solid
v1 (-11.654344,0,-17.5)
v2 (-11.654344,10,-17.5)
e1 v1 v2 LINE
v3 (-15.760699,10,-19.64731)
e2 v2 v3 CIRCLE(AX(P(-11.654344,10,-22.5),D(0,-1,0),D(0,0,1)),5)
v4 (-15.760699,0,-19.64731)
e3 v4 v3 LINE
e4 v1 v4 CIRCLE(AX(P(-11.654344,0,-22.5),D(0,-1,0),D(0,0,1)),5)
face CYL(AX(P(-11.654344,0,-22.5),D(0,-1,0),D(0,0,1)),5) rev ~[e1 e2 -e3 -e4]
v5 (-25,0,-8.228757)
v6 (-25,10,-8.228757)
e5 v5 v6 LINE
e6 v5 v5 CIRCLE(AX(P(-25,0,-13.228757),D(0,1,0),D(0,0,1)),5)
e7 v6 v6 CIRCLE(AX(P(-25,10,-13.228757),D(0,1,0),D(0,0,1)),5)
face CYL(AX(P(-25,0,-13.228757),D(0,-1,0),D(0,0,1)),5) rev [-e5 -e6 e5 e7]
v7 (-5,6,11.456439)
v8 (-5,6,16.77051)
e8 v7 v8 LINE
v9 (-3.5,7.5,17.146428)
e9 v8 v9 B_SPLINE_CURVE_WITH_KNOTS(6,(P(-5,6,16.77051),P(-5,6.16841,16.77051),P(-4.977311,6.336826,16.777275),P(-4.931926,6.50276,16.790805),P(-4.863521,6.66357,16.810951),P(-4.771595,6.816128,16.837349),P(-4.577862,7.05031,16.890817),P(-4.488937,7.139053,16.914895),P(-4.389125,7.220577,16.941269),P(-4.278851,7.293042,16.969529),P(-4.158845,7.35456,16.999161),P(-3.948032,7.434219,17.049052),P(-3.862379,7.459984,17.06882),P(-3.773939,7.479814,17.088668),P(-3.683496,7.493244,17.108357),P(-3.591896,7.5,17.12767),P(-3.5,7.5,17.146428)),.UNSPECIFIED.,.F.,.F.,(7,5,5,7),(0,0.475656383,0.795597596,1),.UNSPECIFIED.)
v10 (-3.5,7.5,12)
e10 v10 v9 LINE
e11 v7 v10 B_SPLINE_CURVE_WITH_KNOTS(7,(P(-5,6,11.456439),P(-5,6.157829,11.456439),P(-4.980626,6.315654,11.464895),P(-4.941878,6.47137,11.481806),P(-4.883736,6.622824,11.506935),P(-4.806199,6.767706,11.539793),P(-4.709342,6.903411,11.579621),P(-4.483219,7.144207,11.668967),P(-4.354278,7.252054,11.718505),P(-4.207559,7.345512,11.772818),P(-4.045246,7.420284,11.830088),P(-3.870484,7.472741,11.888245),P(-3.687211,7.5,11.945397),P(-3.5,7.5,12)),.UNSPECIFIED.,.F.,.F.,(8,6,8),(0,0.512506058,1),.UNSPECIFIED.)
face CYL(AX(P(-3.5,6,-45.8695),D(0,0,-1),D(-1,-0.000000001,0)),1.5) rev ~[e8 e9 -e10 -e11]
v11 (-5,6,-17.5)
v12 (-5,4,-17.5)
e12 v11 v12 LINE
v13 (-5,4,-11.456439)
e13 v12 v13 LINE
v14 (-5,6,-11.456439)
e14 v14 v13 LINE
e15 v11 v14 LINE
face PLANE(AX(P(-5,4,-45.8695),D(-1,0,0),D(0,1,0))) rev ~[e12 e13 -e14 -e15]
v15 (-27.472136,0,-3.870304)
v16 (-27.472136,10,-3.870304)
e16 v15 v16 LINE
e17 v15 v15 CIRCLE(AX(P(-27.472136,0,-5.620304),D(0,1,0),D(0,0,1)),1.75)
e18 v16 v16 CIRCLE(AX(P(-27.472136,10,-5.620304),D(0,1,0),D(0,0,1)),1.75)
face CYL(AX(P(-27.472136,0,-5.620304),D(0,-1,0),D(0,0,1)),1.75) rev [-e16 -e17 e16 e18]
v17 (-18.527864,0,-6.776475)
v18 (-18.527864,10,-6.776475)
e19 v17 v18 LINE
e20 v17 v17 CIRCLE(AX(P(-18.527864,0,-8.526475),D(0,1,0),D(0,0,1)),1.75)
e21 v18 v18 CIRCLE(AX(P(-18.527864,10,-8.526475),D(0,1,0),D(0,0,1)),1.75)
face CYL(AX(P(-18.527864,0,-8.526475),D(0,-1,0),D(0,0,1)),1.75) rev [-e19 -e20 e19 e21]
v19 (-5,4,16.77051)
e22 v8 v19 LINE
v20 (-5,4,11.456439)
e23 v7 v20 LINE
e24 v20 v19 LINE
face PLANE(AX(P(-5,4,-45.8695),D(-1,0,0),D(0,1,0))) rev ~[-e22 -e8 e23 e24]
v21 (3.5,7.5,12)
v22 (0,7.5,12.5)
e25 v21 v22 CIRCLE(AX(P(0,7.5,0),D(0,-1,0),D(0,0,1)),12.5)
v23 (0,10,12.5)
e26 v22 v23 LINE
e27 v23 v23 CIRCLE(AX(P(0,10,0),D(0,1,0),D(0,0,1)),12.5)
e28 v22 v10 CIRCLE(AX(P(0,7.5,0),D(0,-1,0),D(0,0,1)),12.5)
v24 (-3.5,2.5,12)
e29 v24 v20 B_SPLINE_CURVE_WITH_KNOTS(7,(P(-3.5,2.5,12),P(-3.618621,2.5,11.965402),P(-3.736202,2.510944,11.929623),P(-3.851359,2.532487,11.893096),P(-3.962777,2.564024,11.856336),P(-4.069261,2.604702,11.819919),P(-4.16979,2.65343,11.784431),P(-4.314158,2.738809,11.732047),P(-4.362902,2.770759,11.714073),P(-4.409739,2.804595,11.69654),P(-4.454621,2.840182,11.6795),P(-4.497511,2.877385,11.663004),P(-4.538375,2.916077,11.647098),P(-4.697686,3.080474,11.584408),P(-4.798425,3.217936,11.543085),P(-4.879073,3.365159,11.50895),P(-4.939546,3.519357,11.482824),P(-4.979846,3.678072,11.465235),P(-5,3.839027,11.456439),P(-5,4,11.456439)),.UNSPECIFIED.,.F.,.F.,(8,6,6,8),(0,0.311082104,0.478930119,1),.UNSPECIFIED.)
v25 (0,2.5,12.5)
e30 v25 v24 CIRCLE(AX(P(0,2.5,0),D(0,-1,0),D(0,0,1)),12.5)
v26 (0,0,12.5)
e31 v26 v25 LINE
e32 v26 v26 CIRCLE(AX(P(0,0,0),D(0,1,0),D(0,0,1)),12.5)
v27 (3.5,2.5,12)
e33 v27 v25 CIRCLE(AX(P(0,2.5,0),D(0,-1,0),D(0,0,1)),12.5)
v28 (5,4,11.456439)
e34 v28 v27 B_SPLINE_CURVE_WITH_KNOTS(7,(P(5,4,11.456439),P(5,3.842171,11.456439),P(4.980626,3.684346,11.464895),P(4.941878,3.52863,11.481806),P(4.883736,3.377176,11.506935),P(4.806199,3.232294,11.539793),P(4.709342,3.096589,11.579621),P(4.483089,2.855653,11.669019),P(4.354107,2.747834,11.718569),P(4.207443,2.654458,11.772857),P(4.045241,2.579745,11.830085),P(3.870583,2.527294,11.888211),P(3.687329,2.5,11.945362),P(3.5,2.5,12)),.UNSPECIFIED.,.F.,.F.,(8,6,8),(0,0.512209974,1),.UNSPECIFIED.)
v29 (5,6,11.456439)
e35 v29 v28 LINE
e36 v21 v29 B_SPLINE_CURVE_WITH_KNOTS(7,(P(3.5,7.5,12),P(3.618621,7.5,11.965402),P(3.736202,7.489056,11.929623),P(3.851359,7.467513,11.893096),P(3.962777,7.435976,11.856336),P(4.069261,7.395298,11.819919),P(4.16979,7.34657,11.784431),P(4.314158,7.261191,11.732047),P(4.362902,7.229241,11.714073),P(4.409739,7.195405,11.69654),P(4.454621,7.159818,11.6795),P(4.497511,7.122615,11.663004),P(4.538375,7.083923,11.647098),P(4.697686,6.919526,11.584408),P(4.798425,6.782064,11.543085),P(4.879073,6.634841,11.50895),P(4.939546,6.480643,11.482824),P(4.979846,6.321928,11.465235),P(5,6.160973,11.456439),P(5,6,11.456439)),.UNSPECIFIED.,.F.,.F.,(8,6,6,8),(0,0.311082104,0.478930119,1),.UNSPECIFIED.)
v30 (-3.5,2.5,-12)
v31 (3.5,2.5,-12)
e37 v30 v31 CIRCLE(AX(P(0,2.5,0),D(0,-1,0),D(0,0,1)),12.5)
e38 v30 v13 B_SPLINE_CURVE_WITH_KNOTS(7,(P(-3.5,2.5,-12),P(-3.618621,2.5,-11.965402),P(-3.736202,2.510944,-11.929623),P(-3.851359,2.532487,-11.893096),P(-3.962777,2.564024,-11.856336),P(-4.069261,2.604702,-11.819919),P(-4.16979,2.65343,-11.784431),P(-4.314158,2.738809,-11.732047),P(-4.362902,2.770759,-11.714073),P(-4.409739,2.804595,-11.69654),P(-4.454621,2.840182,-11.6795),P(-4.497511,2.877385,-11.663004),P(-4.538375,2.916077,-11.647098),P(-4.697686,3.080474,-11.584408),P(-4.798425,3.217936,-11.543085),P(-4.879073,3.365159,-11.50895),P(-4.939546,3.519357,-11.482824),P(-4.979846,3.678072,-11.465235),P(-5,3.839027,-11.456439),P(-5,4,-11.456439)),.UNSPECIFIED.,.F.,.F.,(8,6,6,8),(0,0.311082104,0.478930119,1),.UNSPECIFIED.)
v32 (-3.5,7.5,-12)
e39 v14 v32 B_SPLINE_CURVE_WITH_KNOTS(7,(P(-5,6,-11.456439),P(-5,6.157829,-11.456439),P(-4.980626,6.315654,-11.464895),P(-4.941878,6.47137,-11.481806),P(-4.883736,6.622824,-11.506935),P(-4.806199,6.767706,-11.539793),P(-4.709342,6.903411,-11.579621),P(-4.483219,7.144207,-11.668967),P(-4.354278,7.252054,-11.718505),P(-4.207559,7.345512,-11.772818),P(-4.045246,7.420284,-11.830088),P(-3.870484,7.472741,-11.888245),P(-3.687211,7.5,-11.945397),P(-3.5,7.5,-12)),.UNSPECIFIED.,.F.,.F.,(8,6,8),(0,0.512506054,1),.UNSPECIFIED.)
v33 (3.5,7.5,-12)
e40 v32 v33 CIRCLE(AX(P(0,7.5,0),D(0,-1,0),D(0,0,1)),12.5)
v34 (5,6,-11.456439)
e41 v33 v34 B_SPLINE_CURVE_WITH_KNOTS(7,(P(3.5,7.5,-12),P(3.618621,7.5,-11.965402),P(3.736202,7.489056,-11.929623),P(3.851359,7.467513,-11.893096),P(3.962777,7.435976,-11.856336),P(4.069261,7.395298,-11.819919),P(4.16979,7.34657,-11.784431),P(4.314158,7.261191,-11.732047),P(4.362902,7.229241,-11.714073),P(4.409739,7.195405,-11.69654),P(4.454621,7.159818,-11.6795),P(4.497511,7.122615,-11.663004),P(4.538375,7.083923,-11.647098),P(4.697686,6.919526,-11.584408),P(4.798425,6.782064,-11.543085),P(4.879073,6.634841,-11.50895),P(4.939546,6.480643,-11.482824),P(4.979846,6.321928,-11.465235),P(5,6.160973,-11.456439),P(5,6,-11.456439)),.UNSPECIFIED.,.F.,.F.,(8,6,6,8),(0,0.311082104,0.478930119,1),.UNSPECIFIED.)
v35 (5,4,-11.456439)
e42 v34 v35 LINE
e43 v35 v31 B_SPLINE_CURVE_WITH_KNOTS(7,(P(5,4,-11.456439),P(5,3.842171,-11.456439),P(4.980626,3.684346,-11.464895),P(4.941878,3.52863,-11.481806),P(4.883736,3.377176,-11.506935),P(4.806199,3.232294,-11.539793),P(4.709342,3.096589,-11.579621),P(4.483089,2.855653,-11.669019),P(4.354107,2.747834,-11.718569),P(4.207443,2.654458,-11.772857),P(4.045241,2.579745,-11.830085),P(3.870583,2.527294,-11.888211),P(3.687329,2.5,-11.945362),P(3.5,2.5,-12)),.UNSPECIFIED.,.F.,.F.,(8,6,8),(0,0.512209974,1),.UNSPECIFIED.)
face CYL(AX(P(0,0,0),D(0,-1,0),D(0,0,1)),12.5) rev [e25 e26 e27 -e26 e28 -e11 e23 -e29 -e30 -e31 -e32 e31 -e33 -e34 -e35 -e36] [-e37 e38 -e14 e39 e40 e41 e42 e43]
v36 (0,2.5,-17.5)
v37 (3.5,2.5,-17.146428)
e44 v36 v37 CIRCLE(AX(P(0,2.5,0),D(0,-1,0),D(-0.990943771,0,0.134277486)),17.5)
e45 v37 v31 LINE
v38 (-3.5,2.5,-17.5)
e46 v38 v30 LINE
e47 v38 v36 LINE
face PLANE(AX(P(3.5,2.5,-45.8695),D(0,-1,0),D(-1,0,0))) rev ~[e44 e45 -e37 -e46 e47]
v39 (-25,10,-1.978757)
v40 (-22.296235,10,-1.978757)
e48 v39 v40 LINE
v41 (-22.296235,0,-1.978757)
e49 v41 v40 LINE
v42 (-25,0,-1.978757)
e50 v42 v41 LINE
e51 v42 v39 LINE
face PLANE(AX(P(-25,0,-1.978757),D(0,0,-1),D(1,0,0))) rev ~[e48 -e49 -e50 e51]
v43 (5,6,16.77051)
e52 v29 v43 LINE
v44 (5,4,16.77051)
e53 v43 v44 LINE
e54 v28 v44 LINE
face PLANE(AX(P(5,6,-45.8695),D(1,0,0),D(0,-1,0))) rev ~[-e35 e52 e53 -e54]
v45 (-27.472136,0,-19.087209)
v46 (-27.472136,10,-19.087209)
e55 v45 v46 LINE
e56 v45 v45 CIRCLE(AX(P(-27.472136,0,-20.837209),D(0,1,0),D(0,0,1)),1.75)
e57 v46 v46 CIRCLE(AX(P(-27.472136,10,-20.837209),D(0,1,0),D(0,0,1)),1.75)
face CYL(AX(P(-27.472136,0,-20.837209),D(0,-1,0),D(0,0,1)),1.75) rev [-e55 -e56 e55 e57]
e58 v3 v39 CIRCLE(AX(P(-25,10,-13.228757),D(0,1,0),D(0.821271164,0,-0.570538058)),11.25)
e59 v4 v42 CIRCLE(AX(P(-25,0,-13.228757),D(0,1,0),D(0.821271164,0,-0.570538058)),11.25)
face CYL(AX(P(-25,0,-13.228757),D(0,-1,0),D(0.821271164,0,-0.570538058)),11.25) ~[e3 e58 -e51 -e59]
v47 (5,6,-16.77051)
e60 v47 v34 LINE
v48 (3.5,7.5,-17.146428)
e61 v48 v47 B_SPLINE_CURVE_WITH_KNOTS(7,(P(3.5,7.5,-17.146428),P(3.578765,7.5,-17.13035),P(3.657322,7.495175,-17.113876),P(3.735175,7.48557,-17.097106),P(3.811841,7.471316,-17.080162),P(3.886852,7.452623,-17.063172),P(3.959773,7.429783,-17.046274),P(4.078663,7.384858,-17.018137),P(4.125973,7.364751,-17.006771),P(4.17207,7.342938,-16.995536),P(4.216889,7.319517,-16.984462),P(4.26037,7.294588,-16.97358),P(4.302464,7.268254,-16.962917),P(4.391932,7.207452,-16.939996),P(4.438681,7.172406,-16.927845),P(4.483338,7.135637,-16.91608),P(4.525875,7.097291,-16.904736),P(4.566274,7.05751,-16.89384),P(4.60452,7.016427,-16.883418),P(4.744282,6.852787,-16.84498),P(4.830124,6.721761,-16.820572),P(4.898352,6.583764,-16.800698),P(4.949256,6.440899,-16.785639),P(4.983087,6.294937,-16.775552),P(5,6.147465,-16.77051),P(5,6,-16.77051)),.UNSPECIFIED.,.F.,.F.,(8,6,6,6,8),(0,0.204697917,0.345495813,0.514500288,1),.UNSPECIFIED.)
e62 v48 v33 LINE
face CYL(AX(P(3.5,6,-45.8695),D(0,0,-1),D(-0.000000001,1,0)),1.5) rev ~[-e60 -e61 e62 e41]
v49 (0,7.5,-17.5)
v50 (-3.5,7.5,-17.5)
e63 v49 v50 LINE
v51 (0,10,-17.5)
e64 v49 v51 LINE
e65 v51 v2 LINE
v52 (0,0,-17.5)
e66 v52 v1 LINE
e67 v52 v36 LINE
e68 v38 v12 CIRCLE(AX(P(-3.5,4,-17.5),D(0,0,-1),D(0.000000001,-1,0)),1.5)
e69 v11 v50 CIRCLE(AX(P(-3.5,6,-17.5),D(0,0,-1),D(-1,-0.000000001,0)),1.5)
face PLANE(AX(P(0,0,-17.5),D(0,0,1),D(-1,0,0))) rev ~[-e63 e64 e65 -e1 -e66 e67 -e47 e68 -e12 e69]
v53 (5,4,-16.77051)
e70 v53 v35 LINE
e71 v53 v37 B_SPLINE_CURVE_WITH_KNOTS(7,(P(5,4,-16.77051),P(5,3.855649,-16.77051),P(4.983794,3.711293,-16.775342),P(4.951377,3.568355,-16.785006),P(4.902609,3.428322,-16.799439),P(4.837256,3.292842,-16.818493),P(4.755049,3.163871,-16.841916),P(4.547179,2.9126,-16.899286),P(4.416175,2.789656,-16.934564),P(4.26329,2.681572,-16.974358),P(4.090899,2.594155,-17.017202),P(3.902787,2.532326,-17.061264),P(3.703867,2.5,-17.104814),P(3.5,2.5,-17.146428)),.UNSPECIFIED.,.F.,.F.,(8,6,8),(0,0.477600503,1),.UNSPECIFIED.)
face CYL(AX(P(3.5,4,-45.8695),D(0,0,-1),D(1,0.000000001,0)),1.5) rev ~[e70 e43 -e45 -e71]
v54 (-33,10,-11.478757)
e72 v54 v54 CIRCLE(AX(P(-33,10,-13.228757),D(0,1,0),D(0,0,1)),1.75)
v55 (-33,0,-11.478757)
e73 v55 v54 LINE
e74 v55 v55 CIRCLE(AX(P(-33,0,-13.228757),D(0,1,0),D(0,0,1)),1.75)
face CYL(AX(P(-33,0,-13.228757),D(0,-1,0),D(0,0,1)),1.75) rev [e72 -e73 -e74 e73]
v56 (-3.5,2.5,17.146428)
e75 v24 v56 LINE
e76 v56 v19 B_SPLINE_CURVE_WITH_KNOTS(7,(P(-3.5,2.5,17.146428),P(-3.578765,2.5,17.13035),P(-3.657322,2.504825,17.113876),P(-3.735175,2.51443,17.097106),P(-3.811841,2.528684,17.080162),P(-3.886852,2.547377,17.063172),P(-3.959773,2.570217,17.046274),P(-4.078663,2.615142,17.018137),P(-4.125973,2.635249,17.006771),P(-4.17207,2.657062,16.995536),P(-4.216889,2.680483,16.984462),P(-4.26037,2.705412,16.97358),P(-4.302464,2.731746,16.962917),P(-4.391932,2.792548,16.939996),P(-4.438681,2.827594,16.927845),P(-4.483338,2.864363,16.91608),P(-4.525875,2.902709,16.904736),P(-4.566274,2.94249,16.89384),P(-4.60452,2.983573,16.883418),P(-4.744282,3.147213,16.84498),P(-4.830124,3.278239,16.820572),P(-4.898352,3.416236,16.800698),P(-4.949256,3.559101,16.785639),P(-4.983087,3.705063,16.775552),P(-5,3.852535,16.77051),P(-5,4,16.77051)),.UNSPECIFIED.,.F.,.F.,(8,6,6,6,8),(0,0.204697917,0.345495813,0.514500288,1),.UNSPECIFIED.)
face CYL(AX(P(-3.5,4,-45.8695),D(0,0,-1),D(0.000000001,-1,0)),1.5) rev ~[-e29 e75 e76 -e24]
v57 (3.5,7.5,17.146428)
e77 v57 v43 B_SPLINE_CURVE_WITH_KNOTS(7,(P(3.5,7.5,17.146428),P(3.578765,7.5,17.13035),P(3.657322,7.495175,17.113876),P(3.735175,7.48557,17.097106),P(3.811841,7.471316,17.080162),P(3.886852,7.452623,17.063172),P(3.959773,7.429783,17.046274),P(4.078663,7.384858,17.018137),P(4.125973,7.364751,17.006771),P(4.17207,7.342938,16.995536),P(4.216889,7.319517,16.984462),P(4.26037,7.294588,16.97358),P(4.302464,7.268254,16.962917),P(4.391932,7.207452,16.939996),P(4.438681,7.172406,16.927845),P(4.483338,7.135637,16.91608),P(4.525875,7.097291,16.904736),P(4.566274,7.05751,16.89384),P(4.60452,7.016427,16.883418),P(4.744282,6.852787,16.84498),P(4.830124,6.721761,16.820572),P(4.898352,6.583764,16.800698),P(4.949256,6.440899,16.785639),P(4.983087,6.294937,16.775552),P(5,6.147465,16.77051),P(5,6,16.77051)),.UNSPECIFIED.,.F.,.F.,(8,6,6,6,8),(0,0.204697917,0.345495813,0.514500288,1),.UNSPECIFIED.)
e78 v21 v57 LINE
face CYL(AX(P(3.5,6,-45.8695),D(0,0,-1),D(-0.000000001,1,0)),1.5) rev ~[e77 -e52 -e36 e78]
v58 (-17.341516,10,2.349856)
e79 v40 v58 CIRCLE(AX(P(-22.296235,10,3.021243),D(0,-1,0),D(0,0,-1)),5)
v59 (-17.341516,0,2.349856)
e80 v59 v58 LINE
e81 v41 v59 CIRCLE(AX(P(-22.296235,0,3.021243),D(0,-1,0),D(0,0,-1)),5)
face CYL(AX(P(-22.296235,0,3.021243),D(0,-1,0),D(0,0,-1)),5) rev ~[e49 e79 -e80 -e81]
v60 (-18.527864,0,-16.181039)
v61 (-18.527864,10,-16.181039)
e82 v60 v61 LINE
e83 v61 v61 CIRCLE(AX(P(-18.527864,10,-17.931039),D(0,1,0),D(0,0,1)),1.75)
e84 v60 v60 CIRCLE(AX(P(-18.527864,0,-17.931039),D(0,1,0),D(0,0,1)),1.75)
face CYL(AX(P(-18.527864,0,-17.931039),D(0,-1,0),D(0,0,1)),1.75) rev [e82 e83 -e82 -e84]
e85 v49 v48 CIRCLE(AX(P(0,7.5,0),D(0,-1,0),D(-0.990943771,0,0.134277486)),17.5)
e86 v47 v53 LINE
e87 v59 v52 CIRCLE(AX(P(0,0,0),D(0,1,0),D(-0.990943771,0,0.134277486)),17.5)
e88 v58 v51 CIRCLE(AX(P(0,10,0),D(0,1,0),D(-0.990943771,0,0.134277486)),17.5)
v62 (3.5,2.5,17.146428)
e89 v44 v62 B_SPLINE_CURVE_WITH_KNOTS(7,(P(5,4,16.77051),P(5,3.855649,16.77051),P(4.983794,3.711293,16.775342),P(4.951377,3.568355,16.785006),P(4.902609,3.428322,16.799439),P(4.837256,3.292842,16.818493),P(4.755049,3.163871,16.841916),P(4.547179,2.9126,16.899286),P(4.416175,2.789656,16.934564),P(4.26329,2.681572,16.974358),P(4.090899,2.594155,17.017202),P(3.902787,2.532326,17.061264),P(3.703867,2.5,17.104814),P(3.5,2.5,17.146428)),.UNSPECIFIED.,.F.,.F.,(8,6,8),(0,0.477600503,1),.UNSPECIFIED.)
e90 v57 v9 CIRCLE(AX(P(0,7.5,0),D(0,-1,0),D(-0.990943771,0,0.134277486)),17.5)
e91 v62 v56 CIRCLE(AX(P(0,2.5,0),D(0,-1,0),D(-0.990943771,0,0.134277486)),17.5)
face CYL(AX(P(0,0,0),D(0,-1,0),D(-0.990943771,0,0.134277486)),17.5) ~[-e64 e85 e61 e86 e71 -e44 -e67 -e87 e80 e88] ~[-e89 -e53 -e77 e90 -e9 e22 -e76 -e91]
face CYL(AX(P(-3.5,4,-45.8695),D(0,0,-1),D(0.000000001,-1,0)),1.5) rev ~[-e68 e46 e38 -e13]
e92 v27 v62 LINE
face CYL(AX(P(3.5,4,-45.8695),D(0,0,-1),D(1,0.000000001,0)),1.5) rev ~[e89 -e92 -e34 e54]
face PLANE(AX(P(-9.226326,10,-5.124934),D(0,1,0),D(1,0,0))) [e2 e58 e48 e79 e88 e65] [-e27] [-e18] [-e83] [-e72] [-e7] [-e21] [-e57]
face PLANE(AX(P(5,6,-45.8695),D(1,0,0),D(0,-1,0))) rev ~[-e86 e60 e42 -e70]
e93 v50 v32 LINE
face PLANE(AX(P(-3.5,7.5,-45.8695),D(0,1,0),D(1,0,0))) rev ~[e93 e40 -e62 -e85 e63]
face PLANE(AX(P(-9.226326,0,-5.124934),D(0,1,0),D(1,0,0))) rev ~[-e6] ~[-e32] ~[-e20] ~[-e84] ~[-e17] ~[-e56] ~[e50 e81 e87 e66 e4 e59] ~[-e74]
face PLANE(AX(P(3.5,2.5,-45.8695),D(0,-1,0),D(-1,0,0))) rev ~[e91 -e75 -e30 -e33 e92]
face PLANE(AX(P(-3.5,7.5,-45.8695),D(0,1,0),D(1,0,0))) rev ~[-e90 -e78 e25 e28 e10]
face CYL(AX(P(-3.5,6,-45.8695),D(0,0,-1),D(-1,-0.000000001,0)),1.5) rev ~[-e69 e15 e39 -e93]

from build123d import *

# Parameters (mm, degrees)
SKETCH1_R               = 12.5
SKETCH1_R_2             = 5
SKETCH1_R_3             = 1.75
BOSS_EXTRUDE1_DEPTH     = 10
CUT_EXTRUDE1_DEPTH      = 45.869499914
CUT_EXTRUDE1_DEPTH_BACK = 45.869499914


with BuildPart() as part:
    # Sketch1 → Boss-Extrude1 (new body)
    with BuildSketch(Plane(origin=(0, 0, 0), x_dir=(1, 0, 0), z_dir=(0, 1, 0))):
        with BuildLine():
            Line((-25, 1.978756555), (-22.29623484, 1.978756555))
            ThreePointArc((-22.29623484, 1.978756555), (-19.006625225, 0.744187285), (-17.341515987, -2.349856013))
            ThreePointArc((-17.341515987, -2.349856013), (13.179007554, -11.513633653), (0, 17.5))
            Line((0, 17.5), (-11.654343591, 17.5))
            ThreePointArc((-11.654343591, 17.5), (-13.971297253, 18.069229669), (-15.760699409, 19.647309709))
            ThreePointArc((-15.760699409, 19.647309709), (-34.969233245, 18.441902296), (-25, 1.978756555))
        make_face()
        with Locations(Location((0, 0, 0), (0, 0, 270))):
            Circle(SKETCH1_R, mode=Mode.SUBTRACT)
        with Locations(Location((-25, 13.228756555, 0), (0, 0, 270))):
            Circle(SKETCH1_R_2, mode=Mode.SUBTRACT)
        with Locations(Location((-33, 13.228756555, 0), (0, 0, 270))):
            Circle(SKETCH1_R_3, mode=Mode.SUBTRACT)
        with Locations(Location((-27.472135955, 20.837208686, 0), (0, 0, 270))):
            Circle(SKETCH1_R_3, mode=Mode.SUBTRACT)
        with Locations(Location((-18.527864045, 17.931038574, 0), (0, 0, 270))):
            Circle(SKETCH1_R_3, mode=Mode.SUBTRACT)
        with Locations(Location((-18.527864045, 8.526474537, 0), (0, 0, 270))):
            Circle(SKETCH1_R_3, mode=Mode.SUBTRACT)
        with Locations(Location((-27.472135955, 5.620304425, 0), (0, 0, 270))):
            Circle(SKETCH1_R_3, mode=Mode.SUBTRACT)
    extrude(amount=BOSS_EXTRUDE1_DEPTH)

    # Sketch2 → Cut-Extrude1 (cut, two sides: drawn at the far end of the back side and taken through both)
    with BuildSketch(Plane.XY.offset(-CUT_EXTRUDE1_DEPTH_BACK)):
        with BuildLine():
            Line((-3.5, 7.5), (3.5, 7.5))
            ThreePointArc((3.5, 7.5), (4.560660172, 7.060660172), (5, 6))
            Line((5, 6), (5, 4))
            ThreePointArc((5, 4), (4.560660172, 2.939339828), (3.5, 2.5))
            Line((3.5, 2.5), (-3.5, 2.5))
            ThreePointArc((-3.5, 2.5), (-4.560660172, 2.939339828), (-5, 4))
            Line((-5, 4), (-5, 6))
            ThreePointArc((-5, 6), (-4.560660172, 7.060660172), (-3.5, 7.5))
        make_face()
    extrude(amount=CUT_EXTRUDE1_DEPTH + CUT_EXTRUDE1_DEPTH_BACK, mode=Mode.SUBTRACT)


solid = part.part
